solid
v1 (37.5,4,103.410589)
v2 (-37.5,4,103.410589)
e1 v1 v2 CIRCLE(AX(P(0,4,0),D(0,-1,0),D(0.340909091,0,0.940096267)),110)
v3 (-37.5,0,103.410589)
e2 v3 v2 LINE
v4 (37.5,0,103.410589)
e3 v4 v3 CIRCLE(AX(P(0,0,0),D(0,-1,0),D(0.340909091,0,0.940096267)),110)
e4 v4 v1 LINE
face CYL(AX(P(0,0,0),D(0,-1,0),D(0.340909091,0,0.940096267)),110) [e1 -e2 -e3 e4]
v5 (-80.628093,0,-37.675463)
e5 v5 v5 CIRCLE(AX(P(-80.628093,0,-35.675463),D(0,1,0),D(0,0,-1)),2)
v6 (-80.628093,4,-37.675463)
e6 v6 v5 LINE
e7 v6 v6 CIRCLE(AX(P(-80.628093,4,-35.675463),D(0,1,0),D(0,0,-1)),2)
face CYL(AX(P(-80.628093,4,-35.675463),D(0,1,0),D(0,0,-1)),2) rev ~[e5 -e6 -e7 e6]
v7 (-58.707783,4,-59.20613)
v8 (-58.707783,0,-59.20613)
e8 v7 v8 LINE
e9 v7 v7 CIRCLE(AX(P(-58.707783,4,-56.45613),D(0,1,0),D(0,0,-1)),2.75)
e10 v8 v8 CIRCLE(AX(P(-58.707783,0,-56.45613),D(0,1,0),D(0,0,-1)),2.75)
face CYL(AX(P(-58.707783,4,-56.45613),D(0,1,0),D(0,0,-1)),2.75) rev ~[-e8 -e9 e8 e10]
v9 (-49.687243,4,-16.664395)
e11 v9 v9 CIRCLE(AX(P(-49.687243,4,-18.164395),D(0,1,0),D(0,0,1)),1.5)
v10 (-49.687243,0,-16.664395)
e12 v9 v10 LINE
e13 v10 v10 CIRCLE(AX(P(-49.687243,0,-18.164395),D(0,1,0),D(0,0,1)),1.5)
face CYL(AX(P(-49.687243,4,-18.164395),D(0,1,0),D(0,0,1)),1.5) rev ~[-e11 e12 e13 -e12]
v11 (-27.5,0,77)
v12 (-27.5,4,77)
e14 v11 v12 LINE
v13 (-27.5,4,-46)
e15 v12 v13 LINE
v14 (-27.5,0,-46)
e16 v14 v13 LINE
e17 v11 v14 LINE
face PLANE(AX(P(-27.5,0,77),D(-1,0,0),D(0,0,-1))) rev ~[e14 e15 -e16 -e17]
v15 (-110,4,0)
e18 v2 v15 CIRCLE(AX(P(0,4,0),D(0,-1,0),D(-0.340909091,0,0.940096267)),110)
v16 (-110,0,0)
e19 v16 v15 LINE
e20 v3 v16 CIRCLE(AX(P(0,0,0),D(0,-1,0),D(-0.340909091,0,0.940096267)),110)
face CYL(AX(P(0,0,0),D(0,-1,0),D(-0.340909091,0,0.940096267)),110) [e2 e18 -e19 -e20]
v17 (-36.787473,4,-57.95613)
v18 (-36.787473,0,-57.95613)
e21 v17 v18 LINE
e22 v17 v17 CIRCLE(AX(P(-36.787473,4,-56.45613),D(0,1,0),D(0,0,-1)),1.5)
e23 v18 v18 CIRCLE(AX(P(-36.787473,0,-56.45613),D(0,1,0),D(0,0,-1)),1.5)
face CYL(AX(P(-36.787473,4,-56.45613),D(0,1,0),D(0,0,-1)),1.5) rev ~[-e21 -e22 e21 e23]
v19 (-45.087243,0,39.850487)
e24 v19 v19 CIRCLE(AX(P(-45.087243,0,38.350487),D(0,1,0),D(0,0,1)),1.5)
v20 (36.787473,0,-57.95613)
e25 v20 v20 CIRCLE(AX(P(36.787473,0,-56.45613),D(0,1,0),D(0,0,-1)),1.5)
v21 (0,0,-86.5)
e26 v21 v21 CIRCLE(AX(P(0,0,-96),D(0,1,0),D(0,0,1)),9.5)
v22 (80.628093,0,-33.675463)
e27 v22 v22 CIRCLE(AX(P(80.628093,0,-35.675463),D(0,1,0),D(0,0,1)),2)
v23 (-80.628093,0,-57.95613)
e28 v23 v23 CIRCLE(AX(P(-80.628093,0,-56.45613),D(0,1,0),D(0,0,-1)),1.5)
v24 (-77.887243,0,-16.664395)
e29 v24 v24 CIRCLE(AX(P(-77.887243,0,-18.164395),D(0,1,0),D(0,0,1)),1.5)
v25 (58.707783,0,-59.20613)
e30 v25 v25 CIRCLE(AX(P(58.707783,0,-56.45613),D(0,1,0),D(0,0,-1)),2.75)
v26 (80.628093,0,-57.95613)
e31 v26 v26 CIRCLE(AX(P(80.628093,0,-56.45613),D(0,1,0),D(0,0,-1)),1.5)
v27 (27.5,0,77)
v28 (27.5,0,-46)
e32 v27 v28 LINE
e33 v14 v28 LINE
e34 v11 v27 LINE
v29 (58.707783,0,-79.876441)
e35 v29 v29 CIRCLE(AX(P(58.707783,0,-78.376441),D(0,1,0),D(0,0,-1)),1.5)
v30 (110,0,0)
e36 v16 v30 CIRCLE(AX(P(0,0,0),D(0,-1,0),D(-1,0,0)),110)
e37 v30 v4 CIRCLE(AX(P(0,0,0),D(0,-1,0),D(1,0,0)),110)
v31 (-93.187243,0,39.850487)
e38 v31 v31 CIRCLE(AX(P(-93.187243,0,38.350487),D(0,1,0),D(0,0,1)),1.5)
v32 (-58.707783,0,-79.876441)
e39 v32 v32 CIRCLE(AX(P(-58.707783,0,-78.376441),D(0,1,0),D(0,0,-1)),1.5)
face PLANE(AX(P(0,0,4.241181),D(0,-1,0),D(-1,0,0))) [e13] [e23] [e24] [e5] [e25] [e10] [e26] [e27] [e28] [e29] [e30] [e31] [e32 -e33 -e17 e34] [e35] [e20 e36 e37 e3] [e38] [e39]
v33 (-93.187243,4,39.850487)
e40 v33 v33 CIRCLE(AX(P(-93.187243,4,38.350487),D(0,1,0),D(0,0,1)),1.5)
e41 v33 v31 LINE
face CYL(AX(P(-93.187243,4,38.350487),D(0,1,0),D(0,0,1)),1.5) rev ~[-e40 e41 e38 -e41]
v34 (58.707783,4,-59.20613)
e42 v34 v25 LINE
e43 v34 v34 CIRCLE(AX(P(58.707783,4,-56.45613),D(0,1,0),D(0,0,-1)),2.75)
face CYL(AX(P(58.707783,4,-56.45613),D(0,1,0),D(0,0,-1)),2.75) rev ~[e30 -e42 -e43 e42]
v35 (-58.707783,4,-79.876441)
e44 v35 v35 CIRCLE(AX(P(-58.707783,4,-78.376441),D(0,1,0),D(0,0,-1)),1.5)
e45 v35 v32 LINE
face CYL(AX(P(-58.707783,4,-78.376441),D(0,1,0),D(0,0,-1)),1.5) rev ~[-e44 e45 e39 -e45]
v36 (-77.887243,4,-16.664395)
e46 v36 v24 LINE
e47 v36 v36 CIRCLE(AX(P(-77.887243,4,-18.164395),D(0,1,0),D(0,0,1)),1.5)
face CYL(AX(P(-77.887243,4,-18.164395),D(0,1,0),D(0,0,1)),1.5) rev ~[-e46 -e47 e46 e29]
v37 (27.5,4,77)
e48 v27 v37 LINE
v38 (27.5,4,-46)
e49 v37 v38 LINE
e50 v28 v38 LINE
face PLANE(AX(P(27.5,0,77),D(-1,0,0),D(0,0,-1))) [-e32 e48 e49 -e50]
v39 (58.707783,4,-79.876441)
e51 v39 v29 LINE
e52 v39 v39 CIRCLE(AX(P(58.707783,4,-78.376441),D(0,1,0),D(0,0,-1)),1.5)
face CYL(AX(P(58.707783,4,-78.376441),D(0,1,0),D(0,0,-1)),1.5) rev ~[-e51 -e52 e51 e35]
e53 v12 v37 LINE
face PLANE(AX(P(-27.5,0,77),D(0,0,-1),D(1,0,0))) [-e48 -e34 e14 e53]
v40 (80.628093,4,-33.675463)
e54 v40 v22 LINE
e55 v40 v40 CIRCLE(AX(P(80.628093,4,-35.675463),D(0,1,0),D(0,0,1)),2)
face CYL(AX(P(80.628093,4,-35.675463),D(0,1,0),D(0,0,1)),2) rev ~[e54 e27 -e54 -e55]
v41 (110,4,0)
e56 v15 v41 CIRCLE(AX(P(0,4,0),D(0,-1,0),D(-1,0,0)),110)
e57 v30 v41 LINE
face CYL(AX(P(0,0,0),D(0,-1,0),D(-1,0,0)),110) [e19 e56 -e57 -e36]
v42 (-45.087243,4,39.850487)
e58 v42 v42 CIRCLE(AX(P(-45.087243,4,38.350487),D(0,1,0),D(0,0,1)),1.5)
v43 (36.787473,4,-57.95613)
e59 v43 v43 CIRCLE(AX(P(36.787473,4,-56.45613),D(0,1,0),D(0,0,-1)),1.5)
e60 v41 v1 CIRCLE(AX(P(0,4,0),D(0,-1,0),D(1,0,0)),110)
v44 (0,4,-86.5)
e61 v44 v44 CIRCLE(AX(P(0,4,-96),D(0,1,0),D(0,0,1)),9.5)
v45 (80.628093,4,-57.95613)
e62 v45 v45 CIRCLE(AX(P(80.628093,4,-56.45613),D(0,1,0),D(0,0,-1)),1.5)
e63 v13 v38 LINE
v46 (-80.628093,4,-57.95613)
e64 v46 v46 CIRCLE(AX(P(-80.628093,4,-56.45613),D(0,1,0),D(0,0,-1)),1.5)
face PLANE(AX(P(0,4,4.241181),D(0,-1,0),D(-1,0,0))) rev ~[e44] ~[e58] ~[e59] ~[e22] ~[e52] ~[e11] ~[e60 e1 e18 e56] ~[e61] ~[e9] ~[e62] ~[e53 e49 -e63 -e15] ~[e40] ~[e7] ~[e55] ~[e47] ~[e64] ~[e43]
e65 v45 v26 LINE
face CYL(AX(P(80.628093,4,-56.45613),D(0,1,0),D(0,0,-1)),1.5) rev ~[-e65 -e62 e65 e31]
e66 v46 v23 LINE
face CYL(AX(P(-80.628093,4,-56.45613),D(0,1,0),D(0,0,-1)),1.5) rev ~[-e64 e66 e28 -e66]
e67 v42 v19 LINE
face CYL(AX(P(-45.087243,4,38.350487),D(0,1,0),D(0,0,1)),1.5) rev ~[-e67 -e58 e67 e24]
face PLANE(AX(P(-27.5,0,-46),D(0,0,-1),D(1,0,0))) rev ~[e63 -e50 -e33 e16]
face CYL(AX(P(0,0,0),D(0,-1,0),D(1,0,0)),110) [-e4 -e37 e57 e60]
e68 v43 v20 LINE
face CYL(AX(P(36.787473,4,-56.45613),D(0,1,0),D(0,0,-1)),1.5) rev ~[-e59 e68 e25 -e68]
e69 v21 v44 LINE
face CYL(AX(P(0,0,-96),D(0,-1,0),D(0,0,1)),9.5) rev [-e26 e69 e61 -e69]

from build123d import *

# Parameters (mm, degrees)
SKETCH1_R                        = 9.5
SKETCH1_W                        = 55
SKETCH1_H                        = 123
FOND_DEPTH                       = 4
TROUS_STEPPERS_REACH             = 157.615
SKETCH5_R                        = 1.5
SKETCH5_R_2                      = 2.75
TROUS_STEPPERS_DIRECTION_2_DEPTH = 156.614909311
TROUS_POULIES_REACH              = 157.615
SKETCH7_R                        = 2
TROUS_CARTE_REACH                = 157.615
SKETCH9_R                        = 1.5


with BuildPart() as part:
    # Sketch1 → fond (new body)
    with BuildSketch(Plane(origin=(0, 0, 0), x_dir=(1, 0, 0), z_dir=(0, 1, 0))):
        with BuildLine():
            ThreePointArc((-110, 0), (0, 110), (110, 0))
            ThreePointArc((110, 0), (90.069417673, -63.146654702), (37.5, -103.4105894))
            ThreePointArc((37.5, -103.4105894), (0, -110), (-37.5, -103.4105894))
            ThreePointArc((-37.5, -103.4105894), (-90.069417673, -63.146654702), (-110, 0))
        make_face()
        with Locations(Location((0, 96, 0), (0, 0, 270))):
            Circle(SKETCH1_R, mode=Mode.SUBTRACT)
        with Locations((0, -15.5)):
            Rectangle(SKETCH1_W, SKETCH1_H, mode=Mode.SUBTRACT)
    extrude(amount=FOND_DEPTH)

    # Sketch5 → trous steppers (cut, up to next)
    with BuildSketch(Plane(origin=(0, 4, 0), x_dir=(1, 0, 0), z_dir=(0, 1, 0)), mode=Mode.PRIVATE) as trous_steppers_sk1:
        with Locations(Location((36.787473029, 56.456130336, 0), (0, 0, 90))):
            Circle(SKETCH5_R)
    trous_steppers_tool1 = extrude(trous_steppers_sk1.sketch, amount=-TROUS_STEPPERS_REACH, mode=Mode.PRIVATE) & part.part
    # Sketch5 → trous steppers (cut, up to next)
    with BuildSketch(Plane(origin=(0, 4, 0), x_dir=(1, 0, 0), z_dir=(0, 1, 0)), mode=Mode.PRIVATE) as trous_steppers_sk2:
        with Locations(Location((58.707783245, 78.376440552, 0), (0, 0, 90))):
            Circle(SKETCH5_R)
    trous_steppers_tool2 = extrude(trous_steppers_sk2.sketch, amount=-TROUS_STEPPERS_REACH, mode=Mode.PRIVATE) & part.part
    # Sketch5 → trous steppers (cut, up to next)
    with BuildSketch(Plane(origin=(0, 4, 0), x_dir=(1, 0, 0), z_dir=(0, 1, 0)), mode=Mode.PRIVATE) as trous_steppers_sk3:
        with Locations(Location((80.628093462, 56.456130336, 0), (0, 0, 90))):
            Circle(SKETCH5_R)
    trous_steppers_tool3 = extrude(trous_steppers_sk3.sketch, amount=-TROUS_STEPPERS_REACH, mode=Mode.PRIVATE) & part.part
    # Sketch5 → trous steppers (cut, up to next)
    with BuildSketch(Plane(origin=(0, 4, 0), x_dir=(1, 0, 0), z_dir=(0, 1, 0)), mode=Mode.PRIVATE) as trous_steppers_sk4:
        with Locations(Location((-80.628093462, 56.456130336, 0), (0, 0, 90))):
            Circle(SKETCH5_R)
    trous_steppers_tool4 = extrude(trous_steppers_sk4.sketch, amount=-TROUS_STEPPERS_REACH, mode=Mode.PRIVATE) & part.part
    # Sketch5 → trous steppers (cut, up to next)
    with BuildSketch(Plane(origin=(0, 4, 0), x_dir=(1, 0, 0), z_dir=(0, 1, 0)), mode=Mode.PRIVATE) as trous_steppers_sk5:
        with Locations(Location((-58.707783245, 78.376440552, 0), (0, 0, 90))):
            Circle(SKETCH5_R)
    trous_steppers_tool5 = extrude(trous_steppers_sk5.sketch, amount=-TROUS_STEPPERS_REACH, mode=Mode.PRIVATE) & part.part
    # Sketch5 → trous steppers (cut, up to next)
    with BuildSketch(Plane(origin=(0, 4, 0), x_dir=(1, 0, 0), z_dir=(0, 1, 0)), mode=Mode.PRIVATE) as trous_steppers_sk6:
        with Locations(Location((-36.787473029, 56.456130336, 0), (0, 0, 90))):
            Circle(SKETCH5_R)
    trous_steppers_tool6 = extrude(trous_steppers_sk6.sketch, amount=-TROUS_STEPPERS_REACH, mode=Mode.PRIVATE) & part.part
    # Sketch5 → trous steppers (cut, up to next)
    with BuildSketch(Plane(origin=(0, 4, 0), x_dir=(1, 0, 0), z_dir=(0, 1, 0)), mode=Mode.PRIVATE) as trous_steppers_sk7:
        with Locations(Location((58.707783245, 56.456130336, 0), (0, 0, 90))):
            Circle(SKETCH5_R_2)
    trous_steppers_tool7 = extrude(trous_steppers_sk7.sketch, amount=-TROUS_STEPPERS_REACH, mode=Mode.PRIVATE) & part.part
    # Sketch5 → trous steppers (cut, up to next)
    with BuildSketch(Plane(origin=(0, 4, 0), x_dir=(1, 0, 0), z_dir=(0, 1, 0)), mode=Mode.PRIVATE) as trous_steppers_sk8:
        with Locations(Location((-58.707783245, 56.456130336, 0), (0, 0, 90))):
            Circle(SKETCH5_R_2)
    trous_steppers_tool8 = extrude(trous_steppers_sk8.sketch, amount=-TROUS_STEPPERS_REACH, mode=Mode.PRIVATE) & part.part
    add(trous_steppers_tool1.solids().sort_by_distance((36.787473, 4, -56.45613))[0], mode=Mode.SUBTRACT)
    add(trous_steppers_tool2.solids().sort_by_distance((58.707783, 4, -78.376441))[0], mode=Mode.SUBTRACT)
    add(trous_steppers_tool3.solids().sort_by_distance((80.628093, 4, -56.45613))[0], mode=Mode.SUBTRACT)
    add(trous_steppers_tool4.solids().sort_by_distance((-80.628093, 4, -56.45613))[0], mode=Mode.SUBTRACT)
    add(trous_steppers_tool5.solids().sort_by_distance((-58.707783, 4, -78.376441))[0], mode=Mode.SUBTRACT)
    add(trous_steppers_tool6.solids().sort_by_distance((-36.787473, 4, -56.45613))[0], mode=Mode.SUBTRACT)
    add(trous_steppers_tool7.solids().sort_by_distance((58.707783, 4, -56.45613))[0], mode=Mode.SUBTRACT)
    add(trous_steppers_tool8.solids().sort_by_distance((-58.707783, 4, -56.45613))[0], mode=Mode.SUBTRACT)

    # Sketch5 → trous steppers direction 2 (cut)
    with BuildSketch(Plane(origin=(0, 4, 0), x_dir=(1, 0, 0), z_dir=(0, 1, 0))):
        with Locations(Location((36.787473029, 56.456130336, 0), (0, 0, 90))):
            Circle(SKETCH5_R)
        with Locations(Location((58.707783245, 78.376440552, 0), (0, 0, 90))):
            Circle(SKETCH5_R)
        with Locations(Location((80.628093462, 56.456130336, 0), (0, 0, 90))):
            Circle(SKETCH5_R)
        with Locations(Location((-80.628093462, 56.456130336, 0), (0, 0, 90))):
            Circle(SKETCH5_R)
        with Locations(Location((-58.707783245, 78.376440552, 0), (0, 0, 90))):
            Circle(SKETCH5_R)
        with Locations(Location((-36.787473029, 56.456130336, 0), (0, 0, 90))):
            Circle(SKETCH5_R)
        with Locations(Location((58.707783245, 56.456130336, 0), (0, 0, 90))):
            Circle(SKETCH5_R_2)
        with Locations(Location((-58.707783245, 56.456130336, 0), (0, 0, 90))):
            Circle(SKETCH5_R_2)
    extrude(amount=TROUS_STEPPERS_DIRECTION_2_DEPTH, mode=Mode.SUBTRACT)

    # Sketch7 → trous poulies (cut, up to next)
    with BuildSketch(Plane(origin=(0, 4, 0), x_dir=(1, 0, 0), z_dir=(0, 1, 0)), mode=Mode.PRIVATE) as trous_poulies_sk1:
        with Locations(Location((80.628093462, 35.675463443, 0), (0, 0, 270))):
            Circle(SKETCH7_R)
    trous_poulies_tool1 = extrude(trous_poulies_sk1.sketch, amount=-TROUS_POULIES_REACH, mode=Mode.PRIVATE) & part.part
    # Sketch7 → trous poulies (cut, up to next)
    with BuildSketch(Plane(origin=(0, 4, 0), x_dir=(1, 0, 0), z_dir=(0, 1, 0)), mode=Mode.PRIVATE) as trous_poulies_sk2:
        with Locations(Location((-80.628093462, 35.675463443, 0), (0, 0, 90))):
            Circle(SKETCH7_R)
    trous_poulies_tool2 = extrude(trous_poulies_sk2.sketch, amount=-TROUS_POULIES_REACH, mode=Mode.PRIVATE) & part.part
    add(trous_poulies_tool1.solids().sort_by_distance((80.628093, 4, -35.675463))[0], mode=Mode.SUBTRACT)
    add(trous_poulies_tool2.solids().sort_by_distance((-80.628093, 4, -35.675463))[0], mode=Mode.SUBTRACT)

    # Sketch9 → trous carte (cut, up to next)
    with BuildSketch(Plane(origin=(0, 4, 0), x_dir=(1, 0, 0), z_dir=(0, 1, 0)), mode=Mode.PRIVATE) as trous_carte_sk1:
        with Locations(Location((-49.687242847, 18.164395088, 0), (0, 0, 270))):
            Circle(SKETCH9_R)
    trous_carte_tool1 = extrude(trous_carte_sk1.sketch, amount=-TROUS_CARTE_REACH, mode=Mode.PRIVATE) & part.part
    # Sketch9 → trous carte (cut, up to next)
    with BuildSketch(Plane(origin=(0, 4, 0), x_dir=(1, 0, 0), z_dir=(0, 1, 0)), mode=Mode.PRIVATE) as trous_carte_sk2:
        with Locations(Location((-77.887242847, 18.164395088, 0), (0, 0, 270))):
            Circle(SKETCH9_R)
    trous_carte_tool2 = extrude(trous_carte_sk2.sketch, amount=-TROUS_CARTE_REACH, mode=Mode.PRIVATE) & part.part
    # Sketch9 → trous carte (cut, up to next)
    with BuildSketch(Plane(origin=(0, 4, 0), x_dir=(1, 0, 0), z_dir=(0, 1, 0)), mode=Mode.PRIVATE) as trous_carte_sk3:
        with Locations(Location((-93.187242847, -38.350487124, 0), (0, 0, 270))):
            Circle(SKETCH9_R)
    trous_carte_tool3 = extrude(trous_carte_sk3.sketch, amount=-TROUS_CARTE_REACH, mode=Mode.PRIVATE) & part.part
    # Sketch9 → trous carte (cut, up to next)
    with BuildSketch(Plane(origin=(0, 4, 0), x_dir=(1, 0, 0), z_dir=(0, 1, 0)), mode=Mode.PRIVATE) as trous_carte_sk4:
        with Locations(Location((-45.087242847, -38.350487124, 0), (0, 0, 270))):
            Circle(SKETCH9_R)
    trous_carte_tool4 = extrude(trous_carte_sk4.sketch, amount=-TROUS_CARTE_REACH, mode=Mode.PRIVATE) & part.part
    add(trous_carte_tool1.solids().sort_by_distance((-49.687243, 4, -18.164395))[0], mode=Mode.SUBTRACT)
    add(trous_carte_tool2.solids().sort_by_distance((-77.887243, 4, -18.164395))[0], mode=Mode.SUBTRACT)
    add(trous_carte_tool3.solids().sort_by_distance((-93.187243, 4, 38.350487))[0], mode=Mode.SUBTRACT)
    add(trous_carte_tool4.solids().sort_by_distance((-45.087243, 4, 38.350487))[0], mode=Mode.SUBTRACT)


solid = part.part
